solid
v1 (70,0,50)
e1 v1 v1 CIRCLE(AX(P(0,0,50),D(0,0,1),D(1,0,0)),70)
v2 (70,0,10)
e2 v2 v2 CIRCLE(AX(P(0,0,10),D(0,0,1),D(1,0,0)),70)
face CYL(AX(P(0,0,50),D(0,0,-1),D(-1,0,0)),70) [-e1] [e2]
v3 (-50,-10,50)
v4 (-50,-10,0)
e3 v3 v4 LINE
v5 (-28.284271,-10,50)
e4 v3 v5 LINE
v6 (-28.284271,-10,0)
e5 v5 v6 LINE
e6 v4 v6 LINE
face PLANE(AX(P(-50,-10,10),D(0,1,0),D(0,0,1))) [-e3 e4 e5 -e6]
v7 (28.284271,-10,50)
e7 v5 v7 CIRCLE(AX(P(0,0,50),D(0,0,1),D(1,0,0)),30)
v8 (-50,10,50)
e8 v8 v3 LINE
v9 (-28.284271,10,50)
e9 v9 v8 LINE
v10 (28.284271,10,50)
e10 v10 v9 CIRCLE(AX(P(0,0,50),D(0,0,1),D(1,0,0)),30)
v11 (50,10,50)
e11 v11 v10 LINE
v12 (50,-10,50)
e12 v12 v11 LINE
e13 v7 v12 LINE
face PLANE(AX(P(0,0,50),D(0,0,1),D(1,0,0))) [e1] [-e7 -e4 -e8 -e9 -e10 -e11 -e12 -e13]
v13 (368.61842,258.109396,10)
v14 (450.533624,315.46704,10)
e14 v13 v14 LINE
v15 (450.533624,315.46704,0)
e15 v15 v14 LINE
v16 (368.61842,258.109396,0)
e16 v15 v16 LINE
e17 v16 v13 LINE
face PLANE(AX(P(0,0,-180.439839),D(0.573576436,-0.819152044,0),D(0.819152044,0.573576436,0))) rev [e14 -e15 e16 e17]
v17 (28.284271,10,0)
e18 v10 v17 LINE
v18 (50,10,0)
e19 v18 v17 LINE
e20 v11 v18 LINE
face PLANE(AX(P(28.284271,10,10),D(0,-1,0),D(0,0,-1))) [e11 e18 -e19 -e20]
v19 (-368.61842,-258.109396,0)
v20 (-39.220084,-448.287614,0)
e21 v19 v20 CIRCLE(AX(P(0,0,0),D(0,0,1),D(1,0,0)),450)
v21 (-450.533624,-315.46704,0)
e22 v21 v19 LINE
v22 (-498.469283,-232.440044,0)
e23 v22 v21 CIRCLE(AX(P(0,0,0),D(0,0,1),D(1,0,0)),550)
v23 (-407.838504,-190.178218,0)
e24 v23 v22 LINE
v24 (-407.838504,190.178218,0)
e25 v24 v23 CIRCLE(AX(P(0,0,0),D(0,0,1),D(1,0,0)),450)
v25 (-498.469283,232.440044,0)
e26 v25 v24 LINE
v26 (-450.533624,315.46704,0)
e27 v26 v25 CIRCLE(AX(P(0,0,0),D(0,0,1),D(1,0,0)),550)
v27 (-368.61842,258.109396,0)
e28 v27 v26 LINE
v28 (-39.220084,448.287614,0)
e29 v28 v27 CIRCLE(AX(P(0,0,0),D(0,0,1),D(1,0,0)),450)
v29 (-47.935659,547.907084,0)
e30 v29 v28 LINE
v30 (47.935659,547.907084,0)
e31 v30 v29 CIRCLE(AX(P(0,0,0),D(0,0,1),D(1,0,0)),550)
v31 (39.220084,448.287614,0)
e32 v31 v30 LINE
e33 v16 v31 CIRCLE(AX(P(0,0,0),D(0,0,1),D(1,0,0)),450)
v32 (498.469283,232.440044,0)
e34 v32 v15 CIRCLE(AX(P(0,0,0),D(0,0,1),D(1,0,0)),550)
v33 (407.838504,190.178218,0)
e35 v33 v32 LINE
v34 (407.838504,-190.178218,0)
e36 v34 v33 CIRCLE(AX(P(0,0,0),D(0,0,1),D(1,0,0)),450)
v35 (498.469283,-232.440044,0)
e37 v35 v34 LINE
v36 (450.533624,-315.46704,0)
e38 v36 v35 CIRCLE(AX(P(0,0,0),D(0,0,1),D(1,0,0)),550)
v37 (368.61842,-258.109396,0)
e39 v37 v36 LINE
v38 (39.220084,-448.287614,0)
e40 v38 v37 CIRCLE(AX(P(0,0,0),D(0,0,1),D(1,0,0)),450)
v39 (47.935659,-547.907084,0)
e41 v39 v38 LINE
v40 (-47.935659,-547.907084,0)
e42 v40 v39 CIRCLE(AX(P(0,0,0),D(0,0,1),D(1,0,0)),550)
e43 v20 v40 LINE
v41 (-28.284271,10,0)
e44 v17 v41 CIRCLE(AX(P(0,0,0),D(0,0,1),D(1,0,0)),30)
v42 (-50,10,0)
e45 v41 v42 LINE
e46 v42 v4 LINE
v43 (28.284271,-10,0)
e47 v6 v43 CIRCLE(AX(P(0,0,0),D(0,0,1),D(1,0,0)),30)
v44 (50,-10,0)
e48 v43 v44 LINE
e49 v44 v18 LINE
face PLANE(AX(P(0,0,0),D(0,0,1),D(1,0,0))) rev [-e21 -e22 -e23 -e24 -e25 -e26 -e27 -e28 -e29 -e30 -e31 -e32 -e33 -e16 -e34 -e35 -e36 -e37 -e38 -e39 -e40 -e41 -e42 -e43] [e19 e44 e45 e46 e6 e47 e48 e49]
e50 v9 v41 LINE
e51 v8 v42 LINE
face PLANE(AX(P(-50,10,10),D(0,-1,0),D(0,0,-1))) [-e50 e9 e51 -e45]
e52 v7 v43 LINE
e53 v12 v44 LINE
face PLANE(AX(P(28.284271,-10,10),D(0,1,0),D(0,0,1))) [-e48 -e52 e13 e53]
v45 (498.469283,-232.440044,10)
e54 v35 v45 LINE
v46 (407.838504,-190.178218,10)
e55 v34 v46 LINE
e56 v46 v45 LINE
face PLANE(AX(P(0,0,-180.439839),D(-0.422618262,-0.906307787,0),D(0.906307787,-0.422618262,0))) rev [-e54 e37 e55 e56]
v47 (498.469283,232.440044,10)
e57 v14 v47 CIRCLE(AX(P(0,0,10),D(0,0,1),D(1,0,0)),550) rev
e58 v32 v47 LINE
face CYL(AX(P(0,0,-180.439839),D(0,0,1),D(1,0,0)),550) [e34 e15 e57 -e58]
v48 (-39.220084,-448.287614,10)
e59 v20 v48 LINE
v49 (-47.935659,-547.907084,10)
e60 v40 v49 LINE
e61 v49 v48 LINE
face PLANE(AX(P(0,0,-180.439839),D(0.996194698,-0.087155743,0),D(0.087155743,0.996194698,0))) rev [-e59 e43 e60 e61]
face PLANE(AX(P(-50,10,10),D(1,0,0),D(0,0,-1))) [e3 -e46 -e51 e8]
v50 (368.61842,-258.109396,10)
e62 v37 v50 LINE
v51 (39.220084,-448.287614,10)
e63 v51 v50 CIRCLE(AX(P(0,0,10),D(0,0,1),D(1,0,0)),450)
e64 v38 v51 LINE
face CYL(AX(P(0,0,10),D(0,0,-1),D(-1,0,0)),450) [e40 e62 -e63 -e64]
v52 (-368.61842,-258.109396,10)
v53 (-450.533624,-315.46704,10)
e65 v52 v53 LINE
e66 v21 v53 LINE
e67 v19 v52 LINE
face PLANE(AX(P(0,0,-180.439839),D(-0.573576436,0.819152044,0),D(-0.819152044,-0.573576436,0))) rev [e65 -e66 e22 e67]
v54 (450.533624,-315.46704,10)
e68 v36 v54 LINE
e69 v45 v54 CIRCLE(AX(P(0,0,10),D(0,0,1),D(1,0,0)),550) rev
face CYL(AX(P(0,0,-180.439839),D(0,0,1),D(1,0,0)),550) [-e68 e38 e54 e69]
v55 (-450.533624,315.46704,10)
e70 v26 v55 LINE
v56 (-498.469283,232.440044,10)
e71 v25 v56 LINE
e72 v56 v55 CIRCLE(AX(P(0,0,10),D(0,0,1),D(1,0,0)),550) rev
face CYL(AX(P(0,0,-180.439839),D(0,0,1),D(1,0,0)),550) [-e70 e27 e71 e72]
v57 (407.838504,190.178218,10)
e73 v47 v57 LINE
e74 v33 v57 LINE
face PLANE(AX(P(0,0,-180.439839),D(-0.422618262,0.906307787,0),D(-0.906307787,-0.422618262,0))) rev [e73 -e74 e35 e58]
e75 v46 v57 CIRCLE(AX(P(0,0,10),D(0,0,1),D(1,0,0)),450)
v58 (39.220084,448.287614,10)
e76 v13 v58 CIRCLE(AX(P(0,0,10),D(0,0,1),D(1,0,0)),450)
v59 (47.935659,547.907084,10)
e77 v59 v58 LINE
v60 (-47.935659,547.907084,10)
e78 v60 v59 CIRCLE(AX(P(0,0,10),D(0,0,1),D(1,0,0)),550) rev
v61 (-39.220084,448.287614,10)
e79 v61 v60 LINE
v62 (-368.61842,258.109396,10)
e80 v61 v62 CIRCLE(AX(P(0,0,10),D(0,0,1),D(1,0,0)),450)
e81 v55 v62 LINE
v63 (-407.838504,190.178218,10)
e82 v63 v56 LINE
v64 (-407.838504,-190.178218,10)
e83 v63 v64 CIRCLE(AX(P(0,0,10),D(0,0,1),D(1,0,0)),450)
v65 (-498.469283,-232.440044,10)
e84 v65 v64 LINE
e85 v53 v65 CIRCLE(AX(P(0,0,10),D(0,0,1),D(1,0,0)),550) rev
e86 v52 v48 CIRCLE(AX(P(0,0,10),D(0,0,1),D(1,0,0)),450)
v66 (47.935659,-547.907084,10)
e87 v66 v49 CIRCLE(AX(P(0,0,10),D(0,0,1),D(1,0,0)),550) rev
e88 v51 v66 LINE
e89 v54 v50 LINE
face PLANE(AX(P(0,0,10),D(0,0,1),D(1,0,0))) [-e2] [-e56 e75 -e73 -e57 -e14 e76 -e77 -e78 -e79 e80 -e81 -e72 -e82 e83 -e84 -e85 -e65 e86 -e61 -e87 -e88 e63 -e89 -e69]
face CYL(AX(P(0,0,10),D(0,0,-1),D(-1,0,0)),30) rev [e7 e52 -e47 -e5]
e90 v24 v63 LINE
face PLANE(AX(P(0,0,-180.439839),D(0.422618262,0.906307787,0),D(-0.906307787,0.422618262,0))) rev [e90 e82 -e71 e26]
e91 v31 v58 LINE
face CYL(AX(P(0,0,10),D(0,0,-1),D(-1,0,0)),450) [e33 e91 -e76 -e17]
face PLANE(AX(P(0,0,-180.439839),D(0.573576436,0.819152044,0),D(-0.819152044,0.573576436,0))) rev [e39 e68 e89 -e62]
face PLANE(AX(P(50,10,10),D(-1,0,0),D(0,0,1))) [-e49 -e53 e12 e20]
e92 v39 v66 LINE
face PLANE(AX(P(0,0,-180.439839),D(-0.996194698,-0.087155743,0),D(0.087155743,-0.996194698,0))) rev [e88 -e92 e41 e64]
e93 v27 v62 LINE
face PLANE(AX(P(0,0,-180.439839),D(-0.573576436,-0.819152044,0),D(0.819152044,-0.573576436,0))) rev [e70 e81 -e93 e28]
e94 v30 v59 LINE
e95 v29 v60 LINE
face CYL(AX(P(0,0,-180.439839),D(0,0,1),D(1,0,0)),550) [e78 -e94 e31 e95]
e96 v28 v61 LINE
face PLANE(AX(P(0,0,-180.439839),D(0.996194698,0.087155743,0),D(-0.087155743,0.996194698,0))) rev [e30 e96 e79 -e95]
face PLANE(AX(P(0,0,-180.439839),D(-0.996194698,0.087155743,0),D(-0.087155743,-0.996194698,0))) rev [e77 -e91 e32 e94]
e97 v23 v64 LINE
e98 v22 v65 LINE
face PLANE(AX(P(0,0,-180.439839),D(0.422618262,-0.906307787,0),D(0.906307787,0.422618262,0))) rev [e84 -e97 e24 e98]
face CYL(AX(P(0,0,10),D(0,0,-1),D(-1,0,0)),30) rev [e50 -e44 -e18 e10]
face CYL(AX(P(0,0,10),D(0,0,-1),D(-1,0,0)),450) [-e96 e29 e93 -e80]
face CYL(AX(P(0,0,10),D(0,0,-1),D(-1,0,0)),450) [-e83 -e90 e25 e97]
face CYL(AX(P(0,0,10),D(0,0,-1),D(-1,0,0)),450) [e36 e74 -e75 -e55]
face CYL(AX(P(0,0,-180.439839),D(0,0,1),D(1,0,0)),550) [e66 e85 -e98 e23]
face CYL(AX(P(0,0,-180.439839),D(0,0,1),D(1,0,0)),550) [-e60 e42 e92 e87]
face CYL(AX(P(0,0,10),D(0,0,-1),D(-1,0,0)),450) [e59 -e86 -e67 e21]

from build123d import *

# Parameters (mm, degrees)
SKETCH1_R           = 450
BOSS_EXTRUDE1_DEPTH = 10
SKETCH2_R           = 70
BOSS_EXTRUDE2_DEPTH = 40
BOSS_EXTRUDE3_DEPTH = 10


with BuildPart() as part:
    # Sketch1 → Boss-Extrude1 (new body)
    with BuildSketch(Plane.XY):
        Circle(SKETCH1_R)
        with BuildLine():
            Line((28.284271247, -10), (50, -10))
            Line((50, -10), (50, 10))
            Line((50, 10), (28.284271247, 10))
            ThreePointArc((28.284271247, 10), (0, 30), (-28.284271247, 10))
            Line((-28.284271247, 10), (-50, 10))
            Line((-50, 10), (-50, -10))
            Line((-50, -10), (-28.284271247, -10))
            ThreePointArc((-28.284271247, -10), (0, -30), (28.284271247, -10))
        make_face(mode=Mode.SUBTRACT)
    extrude(amount=BOSS_EXTRUDE1_DEPTH)

    # Sketch2 → Boss-Extrude2 (add)
    with BuildSketch(Plane.XY.offset(10)):
        Circle(SKETCH2_R)
        with BuildLine():
            Line((-50, 10), (-50, -10))
            Line((-50, -10), (-28.284271247, -10))
            ThreePointArc((-28.284271247, -10), (0, -30), (28.284271247, -10))
            Line((28.284271247, -10), (50, -10))
            Line((50, -10), (50, 10))
            Line((50, 10), (28.284271247, 10))
            ThreePointArc((28.284271247, 10), (0, 30), (-28.284271247, 10))
            Line((-28.284271247, 10), (-50, 10))
        make_face(mode=Mode.SUBTRACT)
    extrude(amount=BOSS_EXTRUDE2_DEPTH)

    # Sketch3 → Boss-Extrude3 (add)
    with BuildSketch(Plane.XY.offset(10)):
        with BuildLine():
            Line((-47.935658511, 547.90708395), (-34.862297099, 398.477879237))
            ThreePointArc((-34.862297099, 398.477879237), (-17.447754946, 399.619288633), (0, 400))
            ThreePointArc((0, 400), (17.447754946, 399.619288633), (34.862297099, 398.477879237))
            Line((34.862297099, 398.477879237), (47.935658511, 547.90708395))
            ThreePointArc((47.935658511, 547.90708395), (0, 550), (-47.935658511, 547.90708395))
        make_face()
        with BuildLine():
            Line((450.533624359, 315.467039993), (327.660817716, 229.43057454))
            ThreePointArc((327.660817716, 229.43057454), (346.410161514, 200), (362.523114815, 169.047304696))
            Line((362.523114815, 169.047304696), (498.46928287, 232.440043957))
            ThreePointArc((498.46928287, 232.440043957), (476.313972081, 275), (450.533624359, 315.467039993))
        make_face()
        with BuildLine():
            Line((498.46928287, -232.440043957), (362.523114815, -169.047304696))
            ThreePointArc((362.523114815, -169.047304696), (346.410161514, -200), (327.660817716, -229.43057454))
            Line((327.660817716, -229.43057454), (450.533624359, -315.467039993))
            ThreePointArc((450.533624359, -315.467039993), (476.313972081, -275), (498.46928287, -232.440043957))
        make_face()
        with BuildLine():
            Line((47.935658511, -547.90708395), (34.862297099, -398.477879237))
            ThreePointArc((34.862297099, -398.477879237), (0, -400), (-34.862297099, -398.477879237))
            Line((-34.862297099, -398.477879237), (-47.935658511, -547.90708395))
            ThreePointArc((-47.935658511, -547.90708395), (0, -550), (47.935658511, -547.90708395))
        make_face()
        with BuildLine():
            Line((-450.533624359, -315.467039993), (-327.660817716, -229.43057454))
            ThreePointArc((-327.660817716, -229.43057454), (-346.410161514, -200), (-362.523114815, -169.047304696))
            Line((-362.523114815, -169.047304696), (-498.46928287, -232.440043957))
            ThreePointArc((-498.46928287, -232.440043957), (-476.313972081, -275), (-450.533624359, -315.467039993))
        make_face()
        with BuildLine():
            Line((-498.46928287, 232.440043957), (-362.523114815, 169.047304696))
            ThreePointArc((-362.523114815, 169.047304696), (-346.410161514, 200), (-327.660817716, 229.43057454))
            Line((-327.660817716, 229.43057454), (-450.533624359, 315.467039993))
            ThreePointArc((-450.533624359, 315.467039993), (-476.313972081, 275), (-498.46928287, 232.440043957))
        make_face()
    extrude(amount=-BOSS_EXTRUDE3_DEPTH)


solid = part.part
